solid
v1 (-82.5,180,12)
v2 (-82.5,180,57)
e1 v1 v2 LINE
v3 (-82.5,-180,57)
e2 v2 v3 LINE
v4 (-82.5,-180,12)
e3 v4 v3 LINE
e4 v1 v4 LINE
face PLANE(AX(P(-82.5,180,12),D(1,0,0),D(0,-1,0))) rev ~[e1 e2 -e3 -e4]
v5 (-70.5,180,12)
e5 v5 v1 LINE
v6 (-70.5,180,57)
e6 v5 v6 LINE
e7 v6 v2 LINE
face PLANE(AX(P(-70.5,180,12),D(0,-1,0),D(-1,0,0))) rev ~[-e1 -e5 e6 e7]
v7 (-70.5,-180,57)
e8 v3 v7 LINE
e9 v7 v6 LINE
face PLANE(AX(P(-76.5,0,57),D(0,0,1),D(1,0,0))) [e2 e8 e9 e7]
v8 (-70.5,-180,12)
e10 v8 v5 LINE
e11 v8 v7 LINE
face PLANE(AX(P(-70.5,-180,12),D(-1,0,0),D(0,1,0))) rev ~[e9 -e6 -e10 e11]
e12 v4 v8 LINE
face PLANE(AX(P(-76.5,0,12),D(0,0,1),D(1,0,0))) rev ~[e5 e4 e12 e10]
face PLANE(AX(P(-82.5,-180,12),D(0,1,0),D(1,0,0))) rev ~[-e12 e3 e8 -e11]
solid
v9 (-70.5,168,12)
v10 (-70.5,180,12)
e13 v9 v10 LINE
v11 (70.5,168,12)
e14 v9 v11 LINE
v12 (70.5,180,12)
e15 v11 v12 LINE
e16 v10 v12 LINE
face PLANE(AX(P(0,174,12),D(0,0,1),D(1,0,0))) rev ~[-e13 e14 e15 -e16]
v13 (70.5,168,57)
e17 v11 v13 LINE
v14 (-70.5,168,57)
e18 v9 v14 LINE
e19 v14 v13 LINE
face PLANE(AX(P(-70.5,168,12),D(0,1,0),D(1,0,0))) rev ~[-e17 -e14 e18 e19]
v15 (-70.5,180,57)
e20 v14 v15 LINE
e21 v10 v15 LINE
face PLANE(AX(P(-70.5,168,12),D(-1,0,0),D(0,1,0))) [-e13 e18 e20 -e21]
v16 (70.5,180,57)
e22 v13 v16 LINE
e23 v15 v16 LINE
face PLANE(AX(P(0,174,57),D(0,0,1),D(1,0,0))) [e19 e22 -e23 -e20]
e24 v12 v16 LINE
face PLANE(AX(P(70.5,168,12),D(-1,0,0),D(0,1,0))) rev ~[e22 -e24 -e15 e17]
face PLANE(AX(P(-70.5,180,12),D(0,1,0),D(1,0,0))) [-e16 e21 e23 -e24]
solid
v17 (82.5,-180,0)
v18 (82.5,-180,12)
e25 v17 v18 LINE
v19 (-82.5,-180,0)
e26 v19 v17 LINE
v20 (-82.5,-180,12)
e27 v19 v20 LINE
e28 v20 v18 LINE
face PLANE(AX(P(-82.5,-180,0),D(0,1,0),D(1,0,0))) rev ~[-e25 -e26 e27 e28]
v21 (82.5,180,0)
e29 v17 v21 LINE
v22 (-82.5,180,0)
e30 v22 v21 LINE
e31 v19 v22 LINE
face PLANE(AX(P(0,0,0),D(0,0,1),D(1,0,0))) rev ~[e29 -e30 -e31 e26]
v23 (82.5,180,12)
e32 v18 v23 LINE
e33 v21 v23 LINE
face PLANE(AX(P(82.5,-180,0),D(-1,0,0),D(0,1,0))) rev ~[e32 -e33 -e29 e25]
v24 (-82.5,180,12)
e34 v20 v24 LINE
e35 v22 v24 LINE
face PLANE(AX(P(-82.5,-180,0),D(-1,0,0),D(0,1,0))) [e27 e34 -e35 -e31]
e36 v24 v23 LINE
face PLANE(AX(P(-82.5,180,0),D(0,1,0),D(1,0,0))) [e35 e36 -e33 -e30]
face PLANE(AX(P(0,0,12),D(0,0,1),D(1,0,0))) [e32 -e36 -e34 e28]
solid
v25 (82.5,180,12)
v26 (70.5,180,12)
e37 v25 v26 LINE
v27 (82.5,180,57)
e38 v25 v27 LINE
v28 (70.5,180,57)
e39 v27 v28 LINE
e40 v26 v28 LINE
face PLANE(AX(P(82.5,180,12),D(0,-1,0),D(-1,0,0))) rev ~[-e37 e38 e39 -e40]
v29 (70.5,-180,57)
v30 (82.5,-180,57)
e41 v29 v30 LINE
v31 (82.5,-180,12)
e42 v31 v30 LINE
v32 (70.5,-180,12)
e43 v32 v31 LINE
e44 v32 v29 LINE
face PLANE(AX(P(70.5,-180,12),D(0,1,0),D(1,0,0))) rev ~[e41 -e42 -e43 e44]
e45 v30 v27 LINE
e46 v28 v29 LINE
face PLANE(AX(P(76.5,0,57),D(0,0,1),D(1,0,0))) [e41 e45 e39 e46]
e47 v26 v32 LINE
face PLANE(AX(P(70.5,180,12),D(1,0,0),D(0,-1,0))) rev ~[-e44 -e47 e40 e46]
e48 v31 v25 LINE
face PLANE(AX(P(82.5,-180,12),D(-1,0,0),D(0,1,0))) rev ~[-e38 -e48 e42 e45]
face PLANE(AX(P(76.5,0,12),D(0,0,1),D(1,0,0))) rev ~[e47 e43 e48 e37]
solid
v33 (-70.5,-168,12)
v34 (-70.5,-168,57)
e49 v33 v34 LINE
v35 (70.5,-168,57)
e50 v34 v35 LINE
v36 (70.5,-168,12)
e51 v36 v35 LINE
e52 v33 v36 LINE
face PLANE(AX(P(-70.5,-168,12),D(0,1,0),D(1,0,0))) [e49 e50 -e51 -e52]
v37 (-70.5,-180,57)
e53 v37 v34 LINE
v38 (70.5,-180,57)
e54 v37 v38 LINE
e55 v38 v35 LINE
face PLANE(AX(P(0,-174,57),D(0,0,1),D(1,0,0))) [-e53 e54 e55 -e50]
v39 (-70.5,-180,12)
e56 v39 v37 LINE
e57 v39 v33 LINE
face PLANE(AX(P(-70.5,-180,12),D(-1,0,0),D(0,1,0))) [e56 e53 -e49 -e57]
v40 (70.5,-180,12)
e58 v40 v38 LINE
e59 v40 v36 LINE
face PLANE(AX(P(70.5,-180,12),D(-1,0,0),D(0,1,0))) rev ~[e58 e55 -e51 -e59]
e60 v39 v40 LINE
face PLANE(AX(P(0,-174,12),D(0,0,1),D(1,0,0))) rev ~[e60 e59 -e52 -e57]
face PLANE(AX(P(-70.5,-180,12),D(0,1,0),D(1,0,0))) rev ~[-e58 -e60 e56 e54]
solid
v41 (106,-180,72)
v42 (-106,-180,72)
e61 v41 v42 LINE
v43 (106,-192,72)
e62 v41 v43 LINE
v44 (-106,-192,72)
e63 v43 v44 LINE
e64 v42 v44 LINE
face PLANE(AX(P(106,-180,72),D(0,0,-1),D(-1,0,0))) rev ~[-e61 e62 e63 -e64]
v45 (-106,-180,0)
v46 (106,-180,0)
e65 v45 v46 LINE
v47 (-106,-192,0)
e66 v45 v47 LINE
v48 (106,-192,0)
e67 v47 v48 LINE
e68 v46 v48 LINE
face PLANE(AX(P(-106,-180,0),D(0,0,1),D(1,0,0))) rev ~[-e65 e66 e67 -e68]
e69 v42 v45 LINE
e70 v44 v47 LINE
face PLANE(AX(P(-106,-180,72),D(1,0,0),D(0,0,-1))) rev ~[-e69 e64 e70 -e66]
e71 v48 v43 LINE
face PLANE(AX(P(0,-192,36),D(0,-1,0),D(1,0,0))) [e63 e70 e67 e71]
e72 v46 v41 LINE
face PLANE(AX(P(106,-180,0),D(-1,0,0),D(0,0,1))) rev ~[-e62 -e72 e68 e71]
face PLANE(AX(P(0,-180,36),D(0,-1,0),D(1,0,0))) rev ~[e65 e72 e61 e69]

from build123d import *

# Parameters (mm, degrees)
F0_W     = 165
F0_H     = 360
F1_DEPTH = 12
F2_W     = 141
F2_H     = 12
F3_DEPTH = 45
F4_DEPTH = 45
F5_W     = 141
F5_H     = 45
F6_DEPTH = 12


with BuildPart() as f1:
    # F0 (on Top) → F1 (new body)
    with BuildSketch(Plane.XY):
        Rectangle(F0_W, F0_H)
    extrude(amount=F1_DEPTH)


with BuildPart() as f3:
    # F2 (on face) → F3 (new body)
    with BuildSketch(Plane.XY.offset(12)):
        with Locations((0, 174)):
            Rectangle(F2_W, F2_H)
    extrude(amount=F3_DEPTH)


with BuildPart() as f3b:
    # F2 (on face) → F3, piece 2 (new body)
    with BuildSketch(Plane.XY.offset(12)):
        with Locations((0, -174)):
            Rectangle(F2_W, F2_H)
    extrude(amount=F3_DEPTH)


with BuildPart() as f4:
    # F2 (on face) → F4 (new body)
    with BuildSketch(Plane.XY.offset(12)):
        Polygon((-82.5, 180), (-82.5, -180), (-70.5, -180), (-70.5, -168), (-70.5, 168), (-70.5, 180), align=None)
    extrude(amount=F4_DEPTH)


with BuildPart() as f4b:
    # F2 (on face) → F4, piece 2 (new body)
    with BuildSketch(Plane.XY.offset(12)):
        Polygon((70.5, -168), (70.5, -180), (82.5, -180), (82.5, 180), (70.5, 180), (70.5, 168), align=None)
    extrude(amount=F4_DEPTH)


with BuildPart() as f6:
    # F5 (on face) → F6 (new body)
    with BuildSketch(Plane.XZ.offset(180)):
        Polygon((-82.5, 0), (82.5, 0), (106, 0), (106, 72), (-106, 72), (-106, 0), align=None)
        with Locations((0, 34.5)):
            Rectangle(F5_W, F5_H, mode=Mode.SUBTRACT)
        with Locations((0, 34.5)):
            Rectangle(F5_W, F5_H)
    extrude(amount=F6_DEPTH)


solid = Compound([f1.part, f3.part, f3b.part, f4.part, f4b.part, f6.part])
